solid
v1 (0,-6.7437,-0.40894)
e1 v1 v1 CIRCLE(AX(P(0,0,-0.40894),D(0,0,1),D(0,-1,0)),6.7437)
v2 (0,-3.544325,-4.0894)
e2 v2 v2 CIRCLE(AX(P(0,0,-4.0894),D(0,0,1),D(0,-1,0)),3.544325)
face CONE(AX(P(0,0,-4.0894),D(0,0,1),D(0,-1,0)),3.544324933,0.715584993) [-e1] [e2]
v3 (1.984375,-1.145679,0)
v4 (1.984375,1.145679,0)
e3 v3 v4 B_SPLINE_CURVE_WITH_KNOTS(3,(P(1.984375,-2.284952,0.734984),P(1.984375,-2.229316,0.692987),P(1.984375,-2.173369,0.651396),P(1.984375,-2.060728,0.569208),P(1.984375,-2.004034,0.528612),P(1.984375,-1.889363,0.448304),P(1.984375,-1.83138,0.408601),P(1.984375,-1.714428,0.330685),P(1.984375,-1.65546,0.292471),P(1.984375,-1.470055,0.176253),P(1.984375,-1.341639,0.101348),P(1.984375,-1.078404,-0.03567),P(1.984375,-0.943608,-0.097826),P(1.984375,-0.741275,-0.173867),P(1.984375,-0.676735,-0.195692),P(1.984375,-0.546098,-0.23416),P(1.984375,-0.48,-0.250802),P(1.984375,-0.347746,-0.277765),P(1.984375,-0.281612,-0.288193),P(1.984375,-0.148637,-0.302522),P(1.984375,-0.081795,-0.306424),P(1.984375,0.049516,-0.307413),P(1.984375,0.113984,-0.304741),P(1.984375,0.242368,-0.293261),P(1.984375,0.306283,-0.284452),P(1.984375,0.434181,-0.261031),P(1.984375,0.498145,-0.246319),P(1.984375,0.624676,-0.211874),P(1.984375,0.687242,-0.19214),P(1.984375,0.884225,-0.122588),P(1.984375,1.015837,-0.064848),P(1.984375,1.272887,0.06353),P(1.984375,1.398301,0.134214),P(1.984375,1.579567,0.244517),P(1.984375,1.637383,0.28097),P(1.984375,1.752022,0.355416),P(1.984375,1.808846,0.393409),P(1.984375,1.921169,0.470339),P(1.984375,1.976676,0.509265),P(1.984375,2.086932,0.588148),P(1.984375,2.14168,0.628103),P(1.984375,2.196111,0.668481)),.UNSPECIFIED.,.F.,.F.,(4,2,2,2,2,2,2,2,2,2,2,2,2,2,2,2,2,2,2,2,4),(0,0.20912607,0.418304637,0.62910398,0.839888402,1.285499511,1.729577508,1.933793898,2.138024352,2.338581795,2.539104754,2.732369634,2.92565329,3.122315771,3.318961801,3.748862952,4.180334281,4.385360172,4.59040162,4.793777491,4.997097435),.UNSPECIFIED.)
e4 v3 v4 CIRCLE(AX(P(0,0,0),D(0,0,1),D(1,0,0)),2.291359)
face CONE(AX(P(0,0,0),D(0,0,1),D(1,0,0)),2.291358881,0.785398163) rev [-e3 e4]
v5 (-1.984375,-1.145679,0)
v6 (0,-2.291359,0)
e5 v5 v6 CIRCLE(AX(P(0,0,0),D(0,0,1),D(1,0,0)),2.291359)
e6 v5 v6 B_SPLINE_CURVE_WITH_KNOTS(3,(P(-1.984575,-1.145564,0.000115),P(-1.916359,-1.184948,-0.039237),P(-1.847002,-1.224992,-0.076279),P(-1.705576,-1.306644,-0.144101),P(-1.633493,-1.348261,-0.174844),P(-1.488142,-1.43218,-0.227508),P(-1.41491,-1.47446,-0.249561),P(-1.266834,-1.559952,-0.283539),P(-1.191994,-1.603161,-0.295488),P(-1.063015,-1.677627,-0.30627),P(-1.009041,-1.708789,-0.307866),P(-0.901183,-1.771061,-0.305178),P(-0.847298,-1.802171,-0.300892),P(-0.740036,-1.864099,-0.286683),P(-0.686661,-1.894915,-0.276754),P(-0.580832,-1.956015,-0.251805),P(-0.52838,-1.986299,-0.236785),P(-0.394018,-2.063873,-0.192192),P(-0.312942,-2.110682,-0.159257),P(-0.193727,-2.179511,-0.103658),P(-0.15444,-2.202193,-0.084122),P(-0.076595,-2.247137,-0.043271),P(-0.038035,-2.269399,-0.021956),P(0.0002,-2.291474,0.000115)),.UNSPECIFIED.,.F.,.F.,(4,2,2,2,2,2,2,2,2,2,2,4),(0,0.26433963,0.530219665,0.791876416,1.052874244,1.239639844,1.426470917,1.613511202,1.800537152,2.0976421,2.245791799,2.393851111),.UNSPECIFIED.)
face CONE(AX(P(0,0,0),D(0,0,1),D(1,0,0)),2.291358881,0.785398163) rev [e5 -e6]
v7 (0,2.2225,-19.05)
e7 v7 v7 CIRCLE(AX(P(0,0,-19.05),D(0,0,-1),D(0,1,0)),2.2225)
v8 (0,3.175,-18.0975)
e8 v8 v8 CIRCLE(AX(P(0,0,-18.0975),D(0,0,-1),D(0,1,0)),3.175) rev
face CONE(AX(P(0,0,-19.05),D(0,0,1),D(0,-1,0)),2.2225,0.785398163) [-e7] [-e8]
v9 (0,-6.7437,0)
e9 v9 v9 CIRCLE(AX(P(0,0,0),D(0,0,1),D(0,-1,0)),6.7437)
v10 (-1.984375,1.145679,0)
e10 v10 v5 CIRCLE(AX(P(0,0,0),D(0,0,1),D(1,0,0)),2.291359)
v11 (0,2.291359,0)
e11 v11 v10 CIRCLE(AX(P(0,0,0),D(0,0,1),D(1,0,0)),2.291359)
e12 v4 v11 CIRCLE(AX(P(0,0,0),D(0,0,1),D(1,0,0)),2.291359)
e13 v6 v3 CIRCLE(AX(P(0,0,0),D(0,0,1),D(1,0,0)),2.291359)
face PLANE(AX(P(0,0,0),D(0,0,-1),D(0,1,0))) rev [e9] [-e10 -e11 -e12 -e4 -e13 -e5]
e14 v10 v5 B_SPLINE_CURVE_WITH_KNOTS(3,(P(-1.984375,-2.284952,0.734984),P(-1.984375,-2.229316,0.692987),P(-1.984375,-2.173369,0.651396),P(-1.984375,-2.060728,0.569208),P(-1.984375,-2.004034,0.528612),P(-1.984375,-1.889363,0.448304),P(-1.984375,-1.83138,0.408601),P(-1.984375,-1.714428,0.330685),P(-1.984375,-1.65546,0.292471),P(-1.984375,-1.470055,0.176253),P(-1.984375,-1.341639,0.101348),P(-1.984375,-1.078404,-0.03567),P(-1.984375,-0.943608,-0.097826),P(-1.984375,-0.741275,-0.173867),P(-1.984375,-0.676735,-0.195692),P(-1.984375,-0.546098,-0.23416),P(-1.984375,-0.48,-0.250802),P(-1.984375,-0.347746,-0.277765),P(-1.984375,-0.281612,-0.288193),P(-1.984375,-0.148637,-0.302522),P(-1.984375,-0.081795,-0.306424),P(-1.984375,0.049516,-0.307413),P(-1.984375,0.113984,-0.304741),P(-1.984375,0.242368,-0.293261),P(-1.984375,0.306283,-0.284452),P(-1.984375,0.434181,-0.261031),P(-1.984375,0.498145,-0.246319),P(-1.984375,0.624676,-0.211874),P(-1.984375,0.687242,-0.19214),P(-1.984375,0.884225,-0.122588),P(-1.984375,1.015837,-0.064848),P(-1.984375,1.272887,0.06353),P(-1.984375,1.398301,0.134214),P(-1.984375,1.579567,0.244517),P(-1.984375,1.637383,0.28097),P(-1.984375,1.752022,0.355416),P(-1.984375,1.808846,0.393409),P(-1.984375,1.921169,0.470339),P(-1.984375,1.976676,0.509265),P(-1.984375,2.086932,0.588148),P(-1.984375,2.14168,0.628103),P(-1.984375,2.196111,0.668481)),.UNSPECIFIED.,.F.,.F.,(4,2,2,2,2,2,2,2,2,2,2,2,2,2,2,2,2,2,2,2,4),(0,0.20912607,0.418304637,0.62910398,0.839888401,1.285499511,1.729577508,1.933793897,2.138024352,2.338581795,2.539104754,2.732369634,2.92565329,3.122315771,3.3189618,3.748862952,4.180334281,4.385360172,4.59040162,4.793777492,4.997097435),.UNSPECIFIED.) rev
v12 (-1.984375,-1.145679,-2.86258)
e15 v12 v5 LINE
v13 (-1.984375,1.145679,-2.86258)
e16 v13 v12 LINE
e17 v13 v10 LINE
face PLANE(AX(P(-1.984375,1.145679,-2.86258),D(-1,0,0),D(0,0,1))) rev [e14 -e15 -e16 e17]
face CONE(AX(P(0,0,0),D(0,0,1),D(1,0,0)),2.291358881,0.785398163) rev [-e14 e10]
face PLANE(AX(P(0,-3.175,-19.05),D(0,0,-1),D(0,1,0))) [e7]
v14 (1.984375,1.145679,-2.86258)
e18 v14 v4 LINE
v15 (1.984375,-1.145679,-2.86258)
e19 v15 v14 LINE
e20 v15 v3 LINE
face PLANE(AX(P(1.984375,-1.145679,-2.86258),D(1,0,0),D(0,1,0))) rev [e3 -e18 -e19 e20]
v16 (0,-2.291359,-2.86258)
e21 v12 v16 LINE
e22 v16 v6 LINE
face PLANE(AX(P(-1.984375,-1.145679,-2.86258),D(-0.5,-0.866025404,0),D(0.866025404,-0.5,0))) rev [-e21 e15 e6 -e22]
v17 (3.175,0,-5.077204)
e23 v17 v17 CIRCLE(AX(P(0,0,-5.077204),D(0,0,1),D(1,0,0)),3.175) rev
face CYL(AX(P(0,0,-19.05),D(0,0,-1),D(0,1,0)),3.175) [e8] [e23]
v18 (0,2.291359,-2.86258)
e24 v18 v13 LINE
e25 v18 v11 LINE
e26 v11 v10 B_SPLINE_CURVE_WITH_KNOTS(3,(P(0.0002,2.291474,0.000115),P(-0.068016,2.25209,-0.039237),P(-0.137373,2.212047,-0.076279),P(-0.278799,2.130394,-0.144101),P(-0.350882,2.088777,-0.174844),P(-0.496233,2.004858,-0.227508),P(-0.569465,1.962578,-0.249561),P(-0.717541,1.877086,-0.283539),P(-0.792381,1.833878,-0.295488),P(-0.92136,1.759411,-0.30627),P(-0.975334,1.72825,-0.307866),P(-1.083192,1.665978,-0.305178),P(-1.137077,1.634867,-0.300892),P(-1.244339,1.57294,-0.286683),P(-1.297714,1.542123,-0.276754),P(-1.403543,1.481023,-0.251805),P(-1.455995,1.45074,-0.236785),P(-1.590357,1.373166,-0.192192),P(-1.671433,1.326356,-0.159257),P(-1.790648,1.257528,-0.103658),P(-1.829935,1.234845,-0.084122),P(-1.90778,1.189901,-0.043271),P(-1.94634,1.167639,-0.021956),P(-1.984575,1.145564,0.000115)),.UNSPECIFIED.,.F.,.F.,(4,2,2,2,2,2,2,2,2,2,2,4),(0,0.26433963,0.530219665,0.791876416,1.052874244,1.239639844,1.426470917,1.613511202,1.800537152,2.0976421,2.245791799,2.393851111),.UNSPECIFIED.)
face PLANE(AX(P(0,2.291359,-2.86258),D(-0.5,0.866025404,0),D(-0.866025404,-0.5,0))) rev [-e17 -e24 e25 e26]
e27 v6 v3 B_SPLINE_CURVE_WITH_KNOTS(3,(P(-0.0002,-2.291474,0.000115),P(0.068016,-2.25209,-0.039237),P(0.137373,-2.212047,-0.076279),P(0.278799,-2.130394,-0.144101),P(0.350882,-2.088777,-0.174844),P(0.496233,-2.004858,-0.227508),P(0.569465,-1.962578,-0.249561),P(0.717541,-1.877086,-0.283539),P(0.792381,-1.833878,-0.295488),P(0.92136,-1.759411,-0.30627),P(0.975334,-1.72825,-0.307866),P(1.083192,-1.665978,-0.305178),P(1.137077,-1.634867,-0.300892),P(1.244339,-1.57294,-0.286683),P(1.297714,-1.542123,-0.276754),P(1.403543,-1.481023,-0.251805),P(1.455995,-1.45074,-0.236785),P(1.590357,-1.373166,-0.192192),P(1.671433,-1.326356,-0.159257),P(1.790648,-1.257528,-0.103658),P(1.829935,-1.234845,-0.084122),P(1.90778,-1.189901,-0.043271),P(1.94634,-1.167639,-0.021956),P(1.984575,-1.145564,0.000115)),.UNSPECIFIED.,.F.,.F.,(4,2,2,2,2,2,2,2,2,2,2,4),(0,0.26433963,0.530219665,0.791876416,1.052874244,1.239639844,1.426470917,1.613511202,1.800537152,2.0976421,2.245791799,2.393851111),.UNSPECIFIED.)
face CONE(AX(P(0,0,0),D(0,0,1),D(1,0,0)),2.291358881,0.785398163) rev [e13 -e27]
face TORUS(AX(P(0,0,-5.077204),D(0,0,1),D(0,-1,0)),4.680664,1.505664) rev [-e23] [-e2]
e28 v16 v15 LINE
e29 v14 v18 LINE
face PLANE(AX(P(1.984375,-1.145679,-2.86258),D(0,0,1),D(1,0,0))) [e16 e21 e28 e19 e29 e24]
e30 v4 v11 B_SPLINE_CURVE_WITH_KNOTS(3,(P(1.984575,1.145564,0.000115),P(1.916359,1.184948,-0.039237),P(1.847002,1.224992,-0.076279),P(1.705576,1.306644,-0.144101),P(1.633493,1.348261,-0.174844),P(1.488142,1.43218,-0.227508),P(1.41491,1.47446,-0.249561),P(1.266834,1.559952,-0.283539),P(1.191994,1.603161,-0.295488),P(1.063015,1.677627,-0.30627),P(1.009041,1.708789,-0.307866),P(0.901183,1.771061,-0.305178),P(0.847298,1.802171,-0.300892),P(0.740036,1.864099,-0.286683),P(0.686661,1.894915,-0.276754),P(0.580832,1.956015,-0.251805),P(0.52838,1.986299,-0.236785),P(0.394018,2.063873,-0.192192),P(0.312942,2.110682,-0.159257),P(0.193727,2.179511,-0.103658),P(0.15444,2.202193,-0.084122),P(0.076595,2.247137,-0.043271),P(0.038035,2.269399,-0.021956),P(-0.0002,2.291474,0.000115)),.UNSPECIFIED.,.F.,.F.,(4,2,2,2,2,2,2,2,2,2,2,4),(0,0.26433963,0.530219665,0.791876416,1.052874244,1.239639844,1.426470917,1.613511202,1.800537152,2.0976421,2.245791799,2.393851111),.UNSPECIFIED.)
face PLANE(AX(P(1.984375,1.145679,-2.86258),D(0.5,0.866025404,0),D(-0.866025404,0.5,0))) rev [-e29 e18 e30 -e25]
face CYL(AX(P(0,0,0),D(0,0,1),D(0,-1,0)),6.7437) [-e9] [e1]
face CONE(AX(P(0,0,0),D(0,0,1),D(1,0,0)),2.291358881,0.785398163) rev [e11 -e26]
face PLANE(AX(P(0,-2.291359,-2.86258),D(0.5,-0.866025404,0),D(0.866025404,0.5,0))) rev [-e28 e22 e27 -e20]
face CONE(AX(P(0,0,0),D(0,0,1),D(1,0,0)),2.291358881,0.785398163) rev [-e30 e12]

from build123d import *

# Parameters (mm, degrees)
SKETCH1_W          = 19.05
SKETCH1_H          = 3.175
CHAMFER1_SIZE      = 0.9525
CUT_EXTRUDE2_DEPTH = 2.86258


with BuildPart() as part:
    # Sketch1 → Revolve1 (revolve)
    with BuildSketch(Plane(origin=(0, 0, 0), x_dir=(0, 0, -1), z_dir=(1, 0, 0))):
        with Locations((9.525, 1.5875)):
            Rectangle(SKETCH1_W, SKETCH1_H)
    revolve(axis=Axis((0, 0, -19.05), (0, 0, 1)))

    # Chamfer1
    chamfer1_edges = [part.edges().sort_by_distance(p)[0] for p in [
        (0, -3.175, -19.05),
    ]]
    chamfer(chamfer1_edges, length=CHAMFER1_SIZE)


with BuildPart() as body_2:
    # Sketch7 → Revolve2 (revolve)
    with BuildSketch(Plane(origin=(0, 0, 0), x_dir=(0, 0, -1), z_dir=(1, 0, 0)), mode=Mode.PRIVATE) as revolve2_sk:
        with BuildLine():
            Line((0, 6.7437), (0.40894, 6.7437))
            Line((0.40894, 6.7437), (4.0894, 3.544324933))
            ThreePointArc((4.0894, 3.544324933), (4.549909788, 3.270350399), (5.077204404, 3.175))
            Line((5.077204404, 3.175), (5.077204404, 0))
            Line((5.077204404, 0), (0, 0))
            Line((0, 0), (0, 6.7437))
        make_face()
    revolve(revolve2_sk.sketch.rotate(Axis((0, 0, 0), (0, 0, -1)), 180), axis=Axis((0, 0, 0), (0, 0, -1)))

    # Boss-Extrude1 cone 1 section (through the dimple's axis) → Boss-Extrude1 (revolve)
    with BuildSketch(Plane(origin=(0, 0, -5.077204404), x_dir=(0, -1, 0), z_dir=(1, 0, 0))):
        Polygon((0, 0), (3.175, 0), (0, 3.175), align=None)
    revolve(axis=Axis((0, 0, -5.077204404), (0, 0, -1)))

    # Combine1: union part
    add(part.part)

    # Sketch5 → Cut-Extrude2 (cut)
    with BuildSketch(Plane.XY):
        Polygon((1.984375, -1.14567944), (1.984375, 1.14567944), (0, 2.291358881), (-1.984375, 1.14567944), (-1.984375, -1.14567944), (0, -2.291358881), align=None)
    extrude(amount=-CUT_EXTRUDE2_DEPTH, mode=Mode.SUBTRACT)

    # Cut-Extrude3 cone 1 section (through the dimple's axis) → Cut-Extrude3 (revolve, cut)
    with BuildSketch(Plane(origin=(0, 0, 0), x_dir=(0, -1, 0), z_dir=(1, 0, 0))):
        Polygon((0, 0), (2.291358881, 0), (0, 2.291358881), align=None)
    revolve(axis=Axis((0, 0, 0), (0, 0, -1)), mode=Mode.SUBTRACT)


solid = body_2.part
